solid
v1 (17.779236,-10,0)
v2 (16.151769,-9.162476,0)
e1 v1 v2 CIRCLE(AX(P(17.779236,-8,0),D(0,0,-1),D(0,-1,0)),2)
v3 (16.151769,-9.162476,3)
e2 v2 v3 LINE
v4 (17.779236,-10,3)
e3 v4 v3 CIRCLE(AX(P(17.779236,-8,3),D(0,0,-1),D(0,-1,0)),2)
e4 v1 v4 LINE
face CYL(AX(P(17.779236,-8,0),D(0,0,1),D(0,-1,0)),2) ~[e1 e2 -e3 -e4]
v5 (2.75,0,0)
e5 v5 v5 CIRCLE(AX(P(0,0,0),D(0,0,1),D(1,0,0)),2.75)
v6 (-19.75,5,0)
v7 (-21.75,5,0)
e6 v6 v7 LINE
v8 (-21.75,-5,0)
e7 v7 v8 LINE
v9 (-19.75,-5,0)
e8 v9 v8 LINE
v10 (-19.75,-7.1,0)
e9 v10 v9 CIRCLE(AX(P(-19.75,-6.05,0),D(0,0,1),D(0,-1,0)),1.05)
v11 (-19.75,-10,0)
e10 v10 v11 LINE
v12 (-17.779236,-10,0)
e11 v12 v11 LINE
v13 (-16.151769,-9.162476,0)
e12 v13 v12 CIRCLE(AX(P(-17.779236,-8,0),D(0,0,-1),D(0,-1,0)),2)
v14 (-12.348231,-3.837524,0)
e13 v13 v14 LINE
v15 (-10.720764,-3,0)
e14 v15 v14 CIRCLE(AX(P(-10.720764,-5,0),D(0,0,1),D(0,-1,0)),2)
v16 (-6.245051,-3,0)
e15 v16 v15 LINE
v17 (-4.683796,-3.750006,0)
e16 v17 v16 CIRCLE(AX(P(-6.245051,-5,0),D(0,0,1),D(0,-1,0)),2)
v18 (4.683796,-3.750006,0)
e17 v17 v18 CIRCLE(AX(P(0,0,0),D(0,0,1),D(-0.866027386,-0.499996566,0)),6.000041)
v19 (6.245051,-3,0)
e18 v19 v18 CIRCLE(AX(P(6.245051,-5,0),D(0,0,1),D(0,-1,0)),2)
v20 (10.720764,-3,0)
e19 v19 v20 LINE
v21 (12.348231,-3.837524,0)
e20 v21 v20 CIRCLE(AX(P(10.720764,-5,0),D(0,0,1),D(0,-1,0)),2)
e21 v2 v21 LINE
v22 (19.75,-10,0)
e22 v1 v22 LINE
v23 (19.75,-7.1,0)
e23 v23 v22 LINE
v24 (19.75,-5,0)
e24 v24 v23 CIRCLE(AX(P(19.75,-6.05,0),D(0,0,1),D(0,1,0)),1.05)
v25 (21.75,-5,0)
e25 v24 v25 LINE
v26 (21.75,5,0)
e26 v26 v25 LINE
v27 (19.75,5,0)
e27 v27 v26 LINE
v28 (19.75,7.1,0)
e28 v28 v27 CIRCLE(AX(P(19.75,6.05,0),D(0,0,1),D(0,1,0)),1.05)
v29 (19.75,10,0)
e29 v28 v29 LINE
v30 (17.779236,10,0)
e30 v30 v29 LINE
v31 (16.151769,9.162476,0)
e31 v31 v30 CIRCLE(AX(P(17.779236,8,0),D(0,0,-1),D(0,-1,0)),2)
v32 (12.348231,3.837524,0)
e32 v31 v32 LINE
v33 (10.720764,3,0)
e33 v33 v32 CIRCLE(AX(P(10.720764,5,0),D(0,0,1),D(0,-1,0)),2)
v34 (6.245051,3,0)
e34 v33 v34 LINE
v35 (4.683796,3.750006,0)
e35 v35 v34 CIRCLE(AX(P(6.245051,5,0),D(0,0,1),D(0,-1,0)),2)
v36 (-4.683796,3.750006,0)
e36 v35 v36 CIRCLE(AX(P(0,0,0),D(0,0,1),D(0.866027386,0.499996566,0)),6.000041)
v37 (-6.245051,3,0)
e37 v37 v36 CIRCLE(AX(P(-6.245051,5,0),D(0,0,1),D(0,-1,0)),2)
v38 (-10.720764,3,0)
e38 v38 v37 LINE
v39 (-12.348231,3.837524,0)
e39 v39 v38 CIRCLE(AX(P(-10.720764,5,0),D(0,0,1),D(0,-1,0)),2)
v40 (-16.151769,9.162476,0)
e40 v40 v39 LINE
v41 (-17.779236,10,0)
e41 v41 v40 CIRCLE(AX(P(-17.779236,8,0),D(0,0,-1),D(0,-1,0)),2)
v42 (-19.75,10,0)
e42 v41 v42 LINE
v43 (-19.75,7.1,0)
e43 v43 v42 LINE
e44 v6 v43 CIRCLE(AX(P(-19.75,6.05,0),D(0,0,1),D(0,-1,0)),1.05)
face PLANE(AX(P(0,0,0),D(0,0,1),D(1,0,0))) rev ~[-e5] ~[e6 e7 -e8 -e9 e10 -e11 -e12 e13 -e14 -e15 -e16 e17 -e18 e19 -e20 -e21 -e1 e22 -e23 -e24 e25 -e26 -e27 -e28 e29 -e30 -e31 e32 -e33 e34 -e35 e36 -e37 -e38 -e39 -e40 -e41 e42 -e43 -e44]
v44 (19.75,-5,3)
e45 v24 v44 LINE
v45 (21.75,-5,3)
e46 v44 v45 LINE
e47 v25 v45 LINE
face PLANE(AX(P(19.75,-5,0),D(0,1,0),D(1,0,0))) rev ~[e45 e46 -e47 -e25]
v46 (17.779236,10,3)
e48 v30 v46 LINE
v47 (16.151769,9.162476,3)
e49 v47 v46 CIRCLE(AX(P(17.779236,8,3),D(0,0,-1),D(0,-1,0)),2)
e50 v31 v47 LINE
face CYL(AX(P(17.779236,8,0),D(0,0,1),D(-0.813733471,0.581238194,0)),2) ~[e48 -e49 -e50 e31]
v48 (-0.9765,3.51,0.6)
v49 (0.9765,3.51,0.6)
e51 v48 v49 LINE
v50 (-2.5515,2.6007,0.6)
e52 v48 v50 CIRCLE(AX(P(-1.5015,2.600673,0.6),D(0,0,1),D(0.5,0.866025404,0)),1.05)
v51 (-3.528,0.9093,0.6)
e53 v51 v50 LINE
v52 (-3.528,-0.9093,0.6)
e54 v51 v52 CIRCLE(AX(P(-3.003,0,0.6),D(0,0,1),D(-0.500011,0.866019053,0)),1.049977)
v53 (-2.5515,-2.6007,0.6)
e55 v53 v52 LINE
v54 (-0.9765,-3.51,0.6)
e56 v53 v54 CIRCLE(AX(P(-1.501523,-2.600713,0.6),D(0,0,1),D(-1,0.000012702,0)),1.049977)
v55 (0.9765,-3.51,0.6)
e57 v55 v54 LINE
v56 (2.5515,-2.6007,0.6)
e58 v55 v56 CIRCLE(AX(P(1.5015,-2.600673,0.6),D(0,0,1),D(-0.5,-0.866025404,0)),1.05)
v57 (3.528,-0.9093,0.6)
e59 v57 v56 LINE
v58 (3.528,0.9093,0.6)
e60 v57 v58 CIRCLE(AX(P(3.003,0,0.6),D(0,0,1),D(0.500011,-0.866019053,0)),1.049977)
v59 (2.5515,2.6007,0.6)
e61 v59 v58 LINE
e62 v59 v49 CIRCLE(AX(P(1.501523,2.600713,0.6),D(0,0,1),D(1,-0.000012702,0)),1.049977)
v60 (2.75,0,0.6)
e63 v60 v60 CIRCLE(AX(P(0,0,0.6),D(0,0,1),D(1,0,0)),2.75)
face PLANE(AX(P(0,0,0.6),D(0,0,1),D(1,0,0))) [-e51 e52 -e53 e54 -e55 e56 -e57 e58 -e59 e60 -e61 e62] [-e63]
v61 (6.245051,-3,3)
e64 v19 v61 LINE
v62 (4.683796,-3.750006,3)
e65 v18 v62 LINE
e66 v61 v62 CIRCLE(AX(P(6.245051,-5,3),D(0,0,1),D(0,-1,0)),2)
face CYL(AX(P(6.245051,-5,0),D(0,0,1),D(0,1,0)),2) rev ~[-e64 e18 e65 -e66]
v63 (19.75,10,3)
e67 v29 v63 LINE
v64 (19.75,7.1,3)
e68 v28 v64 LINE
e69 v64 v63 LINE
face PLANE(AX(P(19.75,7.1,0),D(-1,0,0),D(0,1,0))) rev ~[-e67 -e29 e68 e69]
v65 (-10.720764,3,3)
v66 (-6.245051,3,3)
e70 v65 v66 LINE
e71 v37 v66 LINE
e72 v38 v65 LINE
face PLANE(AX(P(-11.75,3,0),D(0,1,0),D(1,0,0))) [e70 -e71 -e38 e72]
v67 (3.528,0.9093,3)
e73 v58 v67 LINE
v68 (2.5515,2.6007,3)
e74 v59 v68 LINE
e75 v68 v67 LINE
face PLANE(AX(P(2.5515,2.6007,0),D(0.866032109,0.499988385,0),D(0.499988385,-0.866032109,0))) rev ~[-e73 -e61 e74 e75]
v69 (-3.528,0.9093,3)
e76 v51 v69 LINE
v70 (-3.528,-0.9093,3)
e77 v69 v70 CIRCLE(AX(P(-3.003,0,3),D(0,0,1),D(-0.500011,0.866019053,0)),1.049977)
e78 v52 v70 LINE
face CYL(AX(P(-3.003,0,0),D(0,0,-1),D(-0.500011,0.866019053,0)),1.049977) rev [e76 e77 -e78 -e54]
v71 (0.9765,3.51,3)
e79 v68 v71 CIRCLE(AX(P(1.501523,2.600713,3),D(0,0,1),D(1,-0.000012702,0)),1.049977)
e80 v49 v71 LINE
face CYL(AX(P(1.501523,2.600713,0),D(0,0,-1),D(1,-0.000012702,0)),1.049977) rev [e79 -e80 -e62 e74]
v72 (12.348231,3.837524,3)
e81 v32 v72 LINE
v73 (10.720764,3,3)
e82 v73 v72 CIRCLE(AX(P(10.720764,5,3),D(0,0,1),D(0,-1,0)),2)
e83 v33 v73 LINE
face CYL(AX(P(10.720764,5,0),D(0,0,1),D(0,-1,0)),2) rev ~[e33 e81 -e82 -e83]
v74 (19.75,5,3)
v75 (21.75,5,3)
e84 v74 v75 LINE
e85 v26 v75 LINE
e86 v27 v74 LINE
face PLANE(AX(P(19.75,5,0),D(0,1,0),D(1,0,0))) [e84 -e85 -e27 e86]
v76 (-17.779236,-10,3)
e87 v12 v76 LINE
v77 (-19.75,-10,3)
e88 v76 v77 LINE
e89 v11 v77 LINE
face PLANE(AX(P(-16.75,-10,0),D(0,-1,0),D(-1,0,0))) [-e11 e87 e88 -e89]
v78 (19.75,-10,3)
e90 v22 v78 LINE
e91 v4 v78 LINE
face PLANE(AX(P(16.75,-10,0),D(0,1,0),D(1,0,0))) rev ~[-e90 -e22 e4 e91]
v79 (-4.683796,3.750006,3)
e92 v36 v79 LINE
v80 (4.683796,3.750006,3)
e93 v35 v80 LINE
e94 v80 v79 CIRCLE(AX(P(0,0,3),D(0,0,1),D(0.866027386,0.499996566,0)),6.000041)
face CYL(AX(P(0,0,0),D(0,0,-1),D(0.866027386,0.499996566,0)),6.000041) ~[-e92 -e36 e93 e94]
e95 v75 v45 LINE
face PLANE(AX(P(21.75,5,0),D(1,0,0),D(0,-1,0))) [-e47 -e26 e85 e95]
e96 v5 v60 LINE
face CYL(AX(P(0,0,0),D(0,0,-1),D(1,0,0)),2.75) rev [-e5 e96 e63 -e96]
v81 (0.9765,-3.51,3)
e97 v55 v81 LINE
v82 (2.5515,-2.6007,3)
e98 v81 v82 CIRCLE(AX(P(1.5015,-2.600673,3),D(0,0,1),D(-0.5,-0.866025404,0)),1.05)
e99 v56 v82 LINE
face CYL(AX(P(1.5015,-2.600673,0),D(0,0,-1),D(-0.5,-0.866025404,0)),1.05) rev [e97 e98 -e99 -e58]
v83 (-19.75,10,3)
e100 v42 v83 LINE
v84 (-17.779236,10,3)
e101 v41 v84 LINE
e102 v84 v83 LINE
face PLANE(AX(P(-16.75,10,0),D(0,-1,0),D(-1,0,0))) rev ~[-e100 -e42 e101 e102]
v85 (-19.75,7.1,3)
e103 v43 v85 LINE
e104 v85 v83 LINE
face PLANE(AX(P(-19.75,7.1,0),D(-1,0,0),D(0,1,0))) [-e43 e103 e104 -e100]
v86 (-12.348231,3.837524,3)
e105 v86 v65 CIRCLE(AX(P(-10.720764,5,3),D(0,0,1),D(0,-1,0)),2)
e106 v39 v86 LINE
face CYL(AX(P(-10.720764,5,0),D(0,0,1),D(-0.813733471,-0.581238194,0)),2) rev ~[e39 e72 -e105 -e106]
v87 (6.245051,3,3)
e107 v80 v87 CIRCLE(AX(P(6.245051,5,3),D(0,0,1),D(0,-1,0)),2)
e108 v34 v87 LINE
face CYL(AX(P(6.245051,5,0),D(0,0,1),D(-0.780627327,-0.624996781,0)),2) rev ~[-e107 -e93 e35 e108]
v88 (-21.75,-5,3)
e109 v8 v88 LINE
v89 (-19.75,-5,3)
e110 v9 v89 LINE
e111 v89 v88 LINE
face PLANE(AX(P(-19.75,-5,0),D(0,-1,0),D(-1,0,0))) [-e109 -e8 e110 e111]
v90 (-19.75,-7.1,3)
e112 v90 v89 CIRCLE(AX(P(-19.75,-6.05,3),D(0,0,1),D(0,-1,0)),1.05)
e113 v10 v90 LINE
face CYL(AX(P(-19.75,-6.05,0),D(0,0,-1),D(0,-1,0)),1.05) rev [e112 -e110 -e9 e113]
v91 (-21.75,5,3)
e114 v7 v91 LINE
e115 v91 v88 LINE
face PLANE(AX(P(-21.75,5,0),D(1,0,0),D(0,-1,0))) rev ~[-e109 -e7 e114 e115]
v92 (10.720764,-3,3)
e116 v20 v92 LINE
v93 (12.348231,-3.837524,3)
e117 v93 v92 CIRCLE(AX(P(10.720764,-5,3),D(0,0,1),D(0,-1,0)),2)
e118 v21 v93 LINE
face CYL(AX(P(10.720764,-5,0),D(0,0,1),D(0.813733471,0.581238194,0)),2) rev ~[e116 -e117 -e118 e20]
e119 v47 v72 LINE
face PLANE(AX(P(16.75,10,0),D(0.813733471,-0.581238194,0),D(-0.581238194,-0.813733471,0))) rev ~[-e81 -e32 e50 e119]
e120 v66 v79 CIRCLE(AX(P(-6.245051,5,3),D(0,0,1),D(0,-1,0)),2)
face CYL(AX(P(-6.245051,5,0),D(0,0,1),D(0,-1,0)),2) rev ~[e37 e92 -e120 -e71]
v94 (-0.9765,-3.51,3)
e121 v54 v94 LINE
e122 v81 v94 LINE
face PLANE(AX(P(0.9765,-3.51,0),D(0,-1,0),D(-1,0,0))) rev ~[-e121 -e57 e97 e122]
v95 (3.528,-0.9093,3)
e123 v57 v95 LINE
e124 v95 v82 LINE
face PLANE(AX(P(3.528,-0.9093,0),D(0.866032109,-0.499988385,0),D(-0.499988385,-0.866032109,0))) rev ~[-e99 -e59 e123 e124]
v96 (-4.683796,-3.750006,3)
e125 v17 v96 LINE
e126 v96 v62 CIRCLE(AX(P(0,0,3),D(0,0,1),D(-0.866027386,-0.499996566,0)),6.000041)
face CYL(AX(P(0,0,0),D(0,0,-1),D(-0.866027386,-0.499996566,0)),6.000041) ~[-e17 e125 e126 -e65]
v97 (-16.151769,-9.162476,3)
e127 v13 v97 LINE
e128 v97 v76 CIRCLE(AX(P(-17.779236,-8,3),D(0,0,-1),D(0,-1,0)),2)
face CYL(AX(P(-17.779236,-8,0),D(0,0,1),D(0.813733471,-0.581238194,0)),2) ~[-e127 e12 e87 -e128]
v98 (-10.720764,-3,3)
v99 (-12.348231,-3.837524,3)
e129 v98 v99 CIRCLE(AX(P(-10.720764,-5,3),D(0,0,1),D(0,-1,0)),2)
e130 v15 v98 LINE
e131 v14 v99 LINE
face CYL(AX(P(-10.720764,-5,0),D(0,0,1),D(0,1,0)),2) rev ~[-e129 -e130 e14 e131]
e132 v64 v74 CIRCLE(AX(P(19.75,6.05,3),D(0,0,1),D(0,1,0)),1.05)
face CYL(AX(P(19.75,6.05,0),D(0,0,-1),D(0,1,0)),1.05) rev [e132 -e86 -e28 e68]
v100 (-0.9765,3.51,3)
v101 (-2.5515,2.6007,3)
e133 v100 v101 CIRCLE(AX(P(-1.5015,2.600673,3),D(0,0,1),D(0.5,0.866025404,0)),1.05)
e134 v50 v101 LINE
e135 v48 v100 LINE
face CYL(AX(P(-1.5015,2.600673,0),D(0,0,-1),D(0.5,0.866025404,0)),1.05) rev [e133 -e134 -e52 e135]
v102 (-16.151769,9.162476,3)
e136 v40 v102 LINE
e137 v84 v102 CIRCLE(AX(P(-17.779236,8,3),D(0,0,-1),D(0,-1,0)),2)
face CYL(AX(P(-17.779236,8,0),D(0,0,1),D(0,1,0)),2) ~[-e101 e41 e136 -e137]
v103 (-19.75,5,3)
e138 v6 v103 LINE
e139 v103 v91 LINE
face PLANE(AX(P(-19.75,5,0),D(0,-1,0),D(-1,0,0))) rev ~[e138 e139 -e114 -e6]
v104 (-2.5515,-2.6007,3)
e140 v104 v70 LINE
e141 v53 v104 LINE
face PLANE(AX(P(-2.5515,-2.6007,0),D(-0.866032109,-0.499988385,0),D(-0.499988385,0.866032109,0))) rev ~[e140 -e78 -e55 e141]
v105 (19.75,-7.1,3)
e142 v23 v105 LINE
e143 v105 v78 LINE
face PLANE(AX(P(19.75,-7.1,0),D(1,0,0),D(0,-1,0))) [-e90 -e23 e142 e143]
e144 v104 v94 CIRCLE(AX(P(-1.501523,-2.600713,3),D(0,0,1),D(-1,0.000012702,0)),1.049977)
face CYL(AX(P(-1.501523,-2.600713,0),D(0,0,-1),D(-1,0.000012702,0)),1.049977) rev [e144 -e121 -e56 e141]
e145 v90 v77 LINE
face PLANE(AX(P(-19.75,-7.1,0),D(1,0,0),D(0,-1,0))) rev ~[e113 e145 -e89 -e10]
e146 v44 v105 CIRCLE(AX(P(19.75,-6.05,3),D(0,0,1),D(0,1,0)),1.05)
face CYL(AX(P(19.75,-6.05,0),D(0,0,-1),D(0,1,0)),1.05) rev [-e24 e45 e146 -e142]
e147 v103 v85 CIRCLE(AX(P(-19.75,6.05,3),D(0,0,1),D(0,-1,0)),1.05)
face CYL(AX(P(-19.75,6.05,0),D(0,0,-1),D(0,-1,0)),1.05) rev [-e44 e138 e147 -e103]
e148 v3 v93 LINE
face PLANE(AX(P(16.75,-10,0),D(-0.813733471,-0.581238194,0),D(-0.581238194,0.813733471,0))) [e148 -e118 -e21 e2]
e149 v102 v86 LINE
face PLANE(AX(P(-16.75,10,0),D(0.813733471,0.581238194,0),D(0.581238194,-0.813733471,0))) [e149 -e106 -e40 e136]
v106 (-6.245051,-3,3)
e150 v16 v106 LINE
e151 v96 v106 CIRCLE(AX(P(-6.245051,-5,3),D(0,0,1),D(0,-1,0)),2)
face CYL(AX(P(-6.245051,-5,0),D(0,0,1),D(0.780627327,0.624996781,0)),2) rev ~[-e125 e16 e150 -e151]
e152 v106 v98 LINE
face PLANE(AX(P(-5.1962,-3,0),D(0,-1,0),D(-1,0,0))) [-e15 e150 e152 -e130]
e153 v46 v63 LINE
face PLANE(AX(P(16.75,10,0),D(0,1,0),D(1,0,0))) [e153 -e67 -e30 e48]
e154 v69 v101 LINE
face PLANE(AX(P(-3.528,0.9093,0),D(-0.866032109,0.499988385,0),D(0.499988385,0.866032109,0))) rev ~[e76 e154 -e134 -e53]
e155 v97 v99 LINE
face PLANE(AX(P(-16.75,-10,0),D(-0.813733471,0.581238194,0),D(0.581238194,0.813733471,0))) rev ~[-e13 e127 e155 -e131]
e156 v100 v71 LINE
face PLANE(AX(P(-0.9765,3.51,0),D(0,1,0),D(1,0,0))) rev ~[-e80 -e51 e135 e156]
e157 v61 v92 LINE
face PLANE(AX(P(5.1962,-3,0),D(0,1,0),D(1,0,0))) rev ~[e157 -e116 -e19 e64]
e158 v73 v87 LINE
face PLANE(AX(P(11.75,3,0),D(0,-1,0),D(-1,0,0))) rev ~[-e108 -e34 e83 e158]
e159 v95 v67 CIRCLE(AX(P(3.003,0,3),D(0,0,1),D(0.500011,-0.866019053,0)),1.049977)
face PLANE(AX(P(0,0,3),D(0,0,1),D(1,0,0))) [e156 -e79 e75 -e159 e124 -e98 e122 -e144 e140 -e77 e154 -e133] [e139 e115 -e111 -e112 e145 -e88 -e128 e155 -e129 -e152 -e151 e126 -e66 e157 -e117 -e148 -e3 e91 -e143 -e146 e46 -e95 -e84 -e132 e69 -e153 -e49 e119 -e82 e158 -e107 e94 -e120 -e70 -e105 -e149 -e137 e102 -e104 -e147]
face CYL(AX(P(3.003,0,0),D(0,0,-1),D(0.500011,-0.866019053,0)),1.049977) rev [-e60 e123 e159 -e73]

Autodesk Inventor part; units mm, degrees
ref_plane "YZ Plane" through (0, 0, 0) normal (1, 0, 0) x (0, 1, 0)
ref_plane "XZ Plane" through (0, 0, 0) normal (0, 1, 0) x (-1, 0, 0)
ref_plane "XY Plane" through (0, 0, 0) normal (0, 0, 1) x (1, 0, 0)
sketch "スケッチ1" plane through (0, 0, 0) normal (0, 0, 1) x (1, 0, 0)
  line L0 (-19.75, 10) -> (19.75, 10) construction
  line L1 (19.75, 10) -> (19.75, -10) construction
  line L2 (19.75, -10) -> (-19.75, -10) construction
  line L3 (-19.75, -10) -> (-19.75, 10) construction
  line L4 (-19.75, 10) -> (19.75, -10) construction
  line L5 (19.75, 10) -> (-19.75, -10) construction
  line L6 (-19.75, 5) -> (-21.75, 5)
  line L7 (-21.75, 5) -> (-21.75, -5)
  line L8 (-19.75, 0) -> (19.75, 0) construction
  line L9 (0, 10) -> (0, -10) construction
  circle A0 centre (0, 0) radius 2.75
  arc A1 (-19.75, 5) -> (-19.75, 7.1) centre (-19.75, 6.05) ccw
  line L10 (-16.75, 10) -> (-11.75, 3)
  line L11 (-19.75, -5) -> (-21.75, -5)
  arc A2 (-19.75, -7.1) -> (-19.75, -5) centre (-19.75, -6.05) ccw
  line L12 (-16.75, -10) -> (-11.75, -3)
  line L13 (-19.75, 7.1) -> (-19.75, 10)
  line L14 (-16.75, 10) -> (-19.75, 10)
  line L15 (-16.75, -10) -> (-19.75, -10)
  line L16 (-19.75, -7.1) -> (-19.75, -10)
  line L17 (19.75, 5) -> (21.75, 5)
  line L18 (21.75, 5) -> (21.75, -5)
  arc A3 (19.75, 7.1) -> (19.75, 5) centre (19.75, 6.05) ccw
  line L19 (16.75, 10) -> (11.75, 3)
  line L20 (19.75, -5) -> (21.75, -5)
  arc A4 (19.75, -5) -> (19.75, -7.1) centre (19.75, -6.05) ccw
  line L21 (16.75, -10) -> (11.75, -3)
  line L22 (19.75, 7.1) -> (19.75, 10)
  line L23 (16.75, 10) -> (19.75, 10)
  line L24 (16.75, -10) -> (19.75, -10)
  line L25 (19.75, -7.1) -> (19.75, -10)
  arc A5 (5.1962, 3) -> (-5.1962, 3) centre (0, 0) ccw
  arc A6 (-5.1962, -3) -> (5.1962, -3) centre (0, 0) ccw
  line L26 (-2.0265, -3.51) -> (-2.5515, -2.6007) construction
  line L27 (-4.053, 0) -> (-3.528, 0.9093) construction
  line L28 (-2.0265, 3.51) -> (-0.9765, 3.51) construction
  line L29 (2.0265, 3.51) -> (2.5515, 2.6007) construction
  line L30 (4.053, 0) -> (3.528, -0.9093) construction
  line L31 (2.0265, -3.51) -> (0.9765, -3.51) construction
  arc A7 (-3.528, 0.9093) -> (-3.528, -0.9093) centre (-3.003, 0) ccw
  arc A8 (-2.5515, -2.6007) -> (-0.9765, -3.51) centre (-1.5015, -2.6007) ccw
  arc A9 (0.9765, -3.51) -> (2.5515, -2.6007) centre (1.5015, -2.6007) ccw
  arc A10 (3.528, -0.9093) -> (3.528, 0.9093) centre (3.003, 0) ccw
  arc A11 (2.5515, 2.6007) -> (0.9765, 3.51) centre (1.5015, 2.6007) ccw
  arc A12 (-0.9765, 3.51) -> (-2.5515, 2.6007) centre (-1.5015, 2.6007) ccw
  line L32 (-2.5515, 2.6007) -> (-2.0265, 3.51) construction
  line L33 (-3.528, 0.9093) -> (-2.5515, 2.6007)
  line L34 (-3.528, -0.9093) -> (-4.053, 0) construction
  line L35 (-2.5515, -2.6007) -> (-3.528, -0.9093)
  line L36 (-0.9765, -3.51) -> (-2.0265, -3.51) construction
  line L37 (0.9765, -3.51) -> (-0.9765, -3.51)
  line L38 (2.5515, -2.6007) -> (2.0265, -3.51) construction
  line L39 (3.528, -0.9093) -> (2.5515, -2.6007)
  line L40 (3.528, 0.9093) -> (4.053, 0) construction
  line L41 (2.5515, 2.6007) -> (3.528, 0.9093)
  line L42 (0.9765, 3.51) -> (2.0265, 3.51) construction
  line L43 (-0.9765, 3.51) -> (0.9765, 3.51)
  line L44 (-11.75, 3) -> (-5.1962, 3)
  line L45 (-5.1962, -3) -> (-11.75, -3)
  line L46 (5.1962, -3) -> (11.75, -3)
  line L47 (11.75, 3) -> (5.1962, 3)
  point P0 (0, 0)
  dimension "d0" = 39.5
  dimension "d3" = 5.5
  dimension "d4" = 2
  dimension "d5" = 10
  dimension "d6" = 1.05
  dimension "d7" = 3
  dimension "d9" = 5
  dimension "d11" = 8
  dimension "d12" = 6
  dimension "d14" = 1.05
  dimension "d17" = 360
  dimension "d19" = 7.02
  dimension "d20" = 6
extrude "押し出し1" add sketch "スケッチ1" along normal blind 3 contours A1 L13 L14 L10 L44 A5 L47 L19 L23 L22 A3 L17 L18 L20 A4 L25 L24 L21 L46 A6 L45 L12 L15 L16 A2 L11 L7 L6
extrude "押し出し2" add sketch "スケッチ1" along normal blind 0.6 contours L33 A12 L43 A11 L41 A10 L39 A9 L37 A8 L35 A7
fillet "フィレット1" radius 2 12 edges at (-11.75, 3, 1.5) (-11.75, -3, 1.5) (-16.75, 10, 1.5) (-16.75, -10, 1.5) (-5.1962, -3, 1.5) (-5.1962, 3, 1.5) (5.1962, 3, 1.5) (5.1962, -3, 1.5) (11.75, 3, 1.5) (11.75, -3, 1.5) (16.75, 10, 1.5) (16.75, -10, 1.5)
properties part number "Ankle_front_frame" material "アルミニウム 2014-T4"
